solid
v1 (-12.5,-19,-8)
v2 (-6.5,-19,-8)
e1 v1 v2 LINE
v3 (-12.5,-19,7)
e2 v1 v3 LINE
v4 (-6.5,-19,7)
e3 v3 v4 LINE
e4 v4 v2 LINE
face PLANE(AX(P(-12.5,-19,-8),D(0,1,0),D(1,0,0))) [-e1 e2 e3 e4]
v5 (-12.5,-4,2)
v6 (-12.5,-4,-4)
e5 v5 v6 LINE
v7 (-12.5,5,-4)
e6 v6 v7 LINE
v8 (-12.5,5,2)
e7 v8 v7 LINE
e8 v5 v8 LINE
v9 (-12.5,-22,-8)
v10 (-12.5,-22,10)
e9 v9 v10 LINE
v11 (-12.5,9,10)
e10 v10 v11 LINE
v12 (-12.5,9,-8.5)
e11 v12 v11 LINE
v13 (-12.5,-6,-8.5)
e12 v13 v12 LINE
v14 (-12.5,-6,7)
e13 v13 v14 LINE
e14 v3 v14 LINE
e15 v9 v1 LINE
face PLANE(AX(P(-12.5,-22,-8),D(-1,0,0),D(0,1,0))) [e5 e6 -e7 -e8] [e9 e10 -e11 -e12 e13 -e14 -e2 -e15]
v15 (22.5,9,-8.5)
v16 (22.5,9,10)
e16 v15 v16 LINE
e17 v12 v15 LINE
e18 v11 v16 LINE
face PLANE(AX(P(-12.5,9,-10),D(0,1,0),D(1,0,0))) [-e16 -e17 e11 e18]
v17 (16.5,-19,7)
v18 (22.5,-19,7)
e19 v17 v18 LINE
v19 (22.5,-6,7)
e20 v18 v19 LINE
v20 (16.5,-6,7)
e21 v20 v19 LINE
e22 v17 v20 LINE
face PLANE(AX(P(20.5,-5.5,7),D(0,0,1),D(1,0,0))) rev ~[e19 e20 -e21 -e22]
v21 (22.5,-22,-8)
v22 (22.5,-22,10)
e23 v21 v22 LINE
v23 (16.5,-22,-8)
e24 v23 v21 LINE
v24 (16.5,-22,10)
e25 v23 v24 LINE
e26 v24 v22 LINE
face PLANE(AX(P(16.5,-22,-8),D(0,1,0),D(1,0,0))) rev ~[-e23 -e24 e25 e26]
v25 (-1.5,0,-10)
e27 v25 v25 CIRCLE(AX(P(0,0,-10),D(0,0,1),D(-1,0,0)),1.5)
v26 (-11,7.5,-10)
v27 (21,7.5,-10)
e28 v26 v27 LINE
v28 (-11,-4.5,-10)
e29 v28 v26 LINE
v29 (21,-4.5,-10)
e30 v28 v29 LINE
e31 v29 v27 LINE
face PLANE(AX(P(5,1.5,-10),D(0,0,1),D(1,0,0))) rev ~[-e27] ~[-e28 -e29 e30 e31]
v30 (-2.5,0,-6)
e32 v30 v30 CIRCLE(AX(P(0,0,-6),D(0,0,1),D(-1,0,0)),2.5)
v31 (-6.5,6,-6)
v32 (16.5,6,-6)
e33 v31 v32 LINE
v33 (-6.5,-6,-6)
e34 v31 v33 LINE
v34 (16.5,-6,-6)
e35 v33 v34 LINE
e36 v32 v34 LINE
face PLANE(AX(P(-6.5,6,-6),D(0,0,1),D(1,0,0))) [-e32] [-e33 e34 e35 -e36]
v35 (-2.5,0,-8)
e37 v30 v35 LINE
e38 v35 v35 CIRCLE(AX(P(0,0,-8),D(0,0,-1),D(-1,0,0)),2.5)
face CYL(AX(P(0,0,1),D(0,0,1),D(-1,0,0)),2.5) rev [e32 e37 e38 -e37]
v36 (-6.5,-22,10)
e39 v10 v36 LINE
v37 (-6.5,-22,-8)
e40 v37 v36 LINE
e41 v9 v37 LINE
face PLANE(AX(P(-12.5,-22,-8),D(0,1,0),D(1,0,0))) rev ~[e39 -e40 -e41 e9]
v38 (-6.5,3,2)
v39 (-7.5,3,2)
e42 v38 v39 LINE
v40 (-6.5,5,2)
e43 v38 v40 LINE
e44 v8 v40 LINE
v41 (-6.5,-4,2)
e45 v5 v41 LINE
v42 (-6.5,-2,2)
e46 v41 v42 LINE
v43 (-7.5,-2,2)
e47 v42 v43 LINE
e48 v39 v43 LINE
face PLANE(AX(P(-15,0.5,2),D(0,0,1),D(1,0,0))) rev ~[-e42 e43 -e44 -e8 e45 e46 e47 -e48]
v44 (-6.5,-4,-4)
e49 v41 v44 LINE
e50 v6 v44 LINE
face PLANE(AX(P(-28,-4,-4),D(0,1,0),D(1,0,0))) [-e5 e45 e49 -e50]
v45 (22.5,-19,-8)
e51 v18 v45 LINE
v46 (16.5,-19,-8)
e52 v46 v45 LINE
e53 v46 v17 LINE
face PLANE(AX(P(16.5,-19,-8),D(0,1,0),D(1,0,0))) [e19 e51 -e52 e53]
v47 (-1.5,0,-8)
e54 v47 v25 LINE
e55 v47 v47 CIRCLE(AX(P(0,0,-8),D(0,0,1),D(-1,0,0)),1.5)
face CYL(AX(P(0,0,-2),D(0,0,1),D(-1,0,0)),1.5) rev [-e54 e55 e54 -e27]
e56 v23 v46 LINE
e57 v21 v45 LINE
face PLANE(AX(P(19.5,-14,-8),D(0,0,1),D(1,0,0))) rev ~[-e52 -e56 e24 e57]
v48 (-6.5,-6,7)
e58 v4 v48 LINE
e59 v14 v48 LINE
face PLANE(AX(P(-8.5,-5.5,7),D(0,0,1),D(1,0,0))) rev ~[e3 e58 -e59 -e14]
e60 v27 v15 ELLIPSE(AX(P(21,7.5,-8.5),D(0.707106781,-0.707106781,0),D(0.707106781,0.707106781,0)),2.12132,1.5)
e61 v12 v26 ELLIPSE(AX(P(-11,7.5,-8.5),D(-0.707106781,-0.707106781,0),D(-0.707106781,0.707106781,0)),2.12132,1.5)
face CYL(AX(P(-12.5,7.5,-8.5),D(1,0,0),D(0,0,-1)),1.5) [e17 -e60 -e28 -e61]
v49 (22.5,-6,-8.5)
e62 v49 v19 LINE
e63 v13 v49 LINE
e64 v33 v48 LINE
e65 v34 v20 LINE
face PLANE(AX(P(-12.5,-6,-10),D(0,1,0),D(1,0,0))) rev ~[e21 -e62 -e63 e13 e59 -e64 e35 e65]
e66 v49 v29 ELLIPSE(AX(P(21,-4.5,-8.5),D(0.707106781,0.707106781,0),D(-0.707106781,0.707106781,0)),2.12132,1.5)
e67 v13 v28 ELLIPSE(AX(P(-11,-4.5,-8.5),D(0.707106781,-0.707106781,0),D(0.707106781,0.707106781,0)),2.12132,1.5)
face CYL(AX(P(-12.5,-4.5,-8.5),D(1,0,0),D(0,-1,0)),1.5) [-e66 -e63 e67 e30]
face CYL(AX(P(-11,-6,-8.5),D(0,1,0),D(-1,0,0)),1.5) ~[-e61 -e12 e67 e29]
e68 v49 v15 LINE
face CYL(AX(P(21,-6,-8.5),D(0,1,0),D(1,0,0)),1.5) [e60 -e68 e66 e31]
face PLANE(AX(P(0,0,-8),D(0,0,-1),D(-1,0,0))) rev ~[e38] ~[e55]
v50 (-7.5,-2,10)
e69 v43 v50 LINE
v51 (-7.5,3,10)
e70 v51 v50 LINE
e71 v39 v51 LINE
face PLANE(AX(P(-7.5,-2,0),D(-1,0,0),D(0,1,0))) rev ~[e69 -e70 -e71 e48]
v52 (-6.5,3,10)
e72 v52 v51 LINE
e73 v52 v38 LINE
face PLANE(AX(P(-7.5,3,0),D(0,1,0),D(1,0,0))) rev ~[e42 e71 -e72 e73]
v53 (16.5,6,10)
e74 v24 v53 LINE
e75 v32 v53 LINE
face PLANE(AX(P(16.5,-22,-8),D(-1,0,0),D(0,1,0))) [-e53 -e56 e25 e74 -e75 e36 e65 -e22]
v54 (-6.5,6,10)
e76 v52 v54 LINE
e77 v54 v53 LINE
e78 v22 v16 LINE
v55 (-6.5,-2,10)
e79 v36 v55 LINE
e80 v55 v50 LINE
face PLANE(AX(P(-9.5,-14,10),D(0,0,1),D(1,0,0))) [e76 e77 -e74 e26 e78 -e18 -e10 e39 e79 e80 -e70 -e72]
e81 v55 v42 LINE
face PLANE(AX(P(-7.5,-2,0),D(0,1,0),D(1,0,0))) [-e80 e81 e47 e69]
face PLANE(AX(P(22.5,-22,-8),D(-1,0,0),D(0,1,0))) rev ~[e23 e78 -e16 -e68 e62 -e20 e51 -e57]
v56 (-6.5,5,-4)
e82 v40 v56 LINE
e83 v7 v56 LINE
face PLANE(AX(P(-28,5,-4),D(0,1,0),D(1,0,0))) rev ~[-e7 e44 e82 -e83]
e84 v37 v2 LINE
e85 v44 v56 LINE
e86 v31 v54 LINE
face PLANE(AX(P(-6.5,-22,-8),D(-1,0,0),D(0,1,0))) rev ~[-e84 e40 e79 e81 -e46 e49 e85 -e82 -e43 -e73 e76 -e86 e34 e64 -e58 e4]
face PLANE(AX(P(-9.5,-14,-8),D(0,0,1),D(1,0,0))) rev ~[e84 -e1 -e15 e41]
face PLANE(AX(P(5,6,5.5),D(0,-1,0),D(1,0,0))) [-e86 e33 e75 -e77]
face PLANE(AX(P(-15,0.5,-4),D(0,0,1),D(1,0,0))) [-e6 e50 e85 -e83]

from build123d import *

# Parameters (mm, degrees)
CYLINDER026_R     = 2.5
CYLINDER026_DEPTH = 9
CYLINDER025_R     = 1.5
CYLINDER025_DEPTH = 14
BOX018_W          = 2
BOX018_H          = 5
BOX018_DEPTH      = 14
BOX010_W          = 8
BOX010_H          = 27
BOX010_DEPTH      = 15
BOX009_W          = 6
BOX009_H          = 16
BOX009_DEPTH      = 18
BOX012_W          = 8
BOX012_H          = 27
BOX012_DEPTH      = 15
BOX011_W          = 6
BOX011_H          = 16
BOX011_DEPTH      = 18
BOX015_W          = 26
BOX015_H          = 9
BOX015_DEPTH      = 6
BOX014_W          = 23
BOX014_H          = 23
BOX014_DEPTH      = 12
BOX014_ROLL_ANGLE = 90
BOX013_W          = 35
BOX013_H          = 15
BOX013_DEPTH      = 20
FILLET_R          = 1.5


with BuildPart() as cilindro009:
    # Cylinder026 → Cylinder026 (new body)
    with BuildSketch(Plane(origin=(0, 0, 1), x_dir=(-1, 0, 0), z_dir=(0, 0, -1))):
        Circle(CYLINDER026_R)
    extrude(amount=CYLINDER026_DEPTH)


with BuildPart() as fusion009:
    # Cylinder025 → Cylinder025 (new body)
    with BuildSketch(Plane(origin=(0, 0, -2), x_dir=(-1, 0, 0), z_dir=(0, 0, -1))):
        Circle(CYLINDER025_R)
    extrude(amount=CYLINDER025_DEPTH)

    # Fusion019: union Cilindro009
    add(cilindro009.part)


with BuildPart() as cubo014:
    # Box018 → Box018 (new body)
    with BuildSketch(Plane(origin=(-7.5, -2, 0), x_dir=(1, 0, 0), z_dir=(0, 0, 1))):
        with Locations((1, 2.5)):
            Rectangle(BOX018_W, BOX018_H)
    extrude(amount=BOX018_DEPTH)


with BuildPart() as cubo007:
    # Box010 → Box010 (new body)
    with BuildSketch(Plane(origin=(16.5, -19, -8), x_dir=(1, 0, 0), z_dir=(0, 0, 1))):
        with Locations((4, 13.5)):
            Rectangle(BOX010_W, BOX010_H)
    extrude(amount=BOX010_DEPTH)


with BuildPart() as cut014:
    # Box009 → Box009 (new body)
    with BuildSketch(Plane(origin=(16.5, -22, -8), x_dir=(1, 0, 0), z_dir=(0, 0, 1))):
        with Locations((3, 8)):
            Rectangle(BOX009_W, BOX009_H)
    extrude(amount=BOX009_DEPTH)

    # Cut014: cut Cubo007
    add(cubo007.part, mode=Mode.SUBTRACT)


with BuildPart() as cubo009:
    # Box012 → Box012 (new body)
    with BuildSketch(Plane(origin=(16.5, -19, -8), x_dir=(1, 0, 0), z_dir=(0, 0, 1))):
        with Locations((4, 13.5)):
            Rectangle(BOX012_W, BOX012_H)
    extrude(amount=BOX012_DEPTH)


with BuildPart() as cut015:
    # Box011 → Box011 (new body)
    with BuildSketch(Plane(origin=(16.5, -22, -8), x_dir=(1, 0, 0), z_dir=(0, 0, 1))):
        with Locations((3, 8)):
            Rectangle(BOX011_W, BOX011_H)
    extrude(amount=BOX011_DEPTH)

    # Cut015: cut Cubo009
    add(cubo009.part, mode=Mode.SUBTRACT)


with BuildPart() as cut015_1:
    # Cut015 placement: moved
    add(cut015.part.moved(Location((-29, 0, 0))))


with BuildPart() as cubo011:
    # Box015 → Box015 (new body)
    with BuildSketch(Plane(origin=(-28, -4, -4), x_dir=(1, 0, 0), z_dir=(0, 0, 1))):
        with Locations((13, 4.5)):
            Rectangle(BOX015_W, BOX015_H)
    extrude(amount=BOX015_DEPTH)


with BuildPart() as nucleo:
    # Box014 → Box014 (new body)
    with BuildSketch(Plane.XY):
        with Locations((11.5, 11.5)):
            Rectangle(BOX014_W, BOX014_H)
    extrude(amount=BOX014_DEPTH)


with BuildPart() as nucleo_1:
    # Box014 roll: moved
    add(nucleo.part.rotate(Axis((0, 0, 0), (1, 0, 0)), BOX014_ROLL_ANGLE))


with BuildPart() as nucleo_2:
    # Box014 placement: moved
    add(nucleo_1.part.moved(Location((-6.5, 6, -6))))


with BuildPart() as nucleo2:
    # Box013 → Box013 (new body)
    with BuildSketch(Plane(origin=(-12.5, -6, -10), x_dir=(1, 0, 0), z_dir=(0, 0, 1))):
        with Locations((17.5, 7.5)):
            Rectangle(BOX013_W, BOX013_H)
    extrude(amount=BOX013_DEPTH)

    # Cut016: cut Nucleo
    add(nucleo_2.part, mode=Mode.SUBTRACT)

    # Cut017: cut Cubo011
    add(cubo011.part, mode=Mode.SUBTRACT)

    # Fusion006: union Cut014, Cut015
    add(cut014.part)
    add(cut015_1.part)

    # Fillet
    fillet_edges = [nucleo2.edges().sort_by_distance(p)[0] for p in [
        (-12.5, 1.5, -10),
        (5, 9, -10),
        (22.5, 1.5, -10),
        (5, -6, -10),
    ]]
    fillet(fillet_edges, radius=FILLET_R)

    # Cut024: cut Cubo014
    add(cubo014.part, mode=Mode.SUBTRACT)

    # Cut041: cut Fusion009
    add(fusion009.part, mode=Mode.SUBTRACT)


solid = nucleo2.part
